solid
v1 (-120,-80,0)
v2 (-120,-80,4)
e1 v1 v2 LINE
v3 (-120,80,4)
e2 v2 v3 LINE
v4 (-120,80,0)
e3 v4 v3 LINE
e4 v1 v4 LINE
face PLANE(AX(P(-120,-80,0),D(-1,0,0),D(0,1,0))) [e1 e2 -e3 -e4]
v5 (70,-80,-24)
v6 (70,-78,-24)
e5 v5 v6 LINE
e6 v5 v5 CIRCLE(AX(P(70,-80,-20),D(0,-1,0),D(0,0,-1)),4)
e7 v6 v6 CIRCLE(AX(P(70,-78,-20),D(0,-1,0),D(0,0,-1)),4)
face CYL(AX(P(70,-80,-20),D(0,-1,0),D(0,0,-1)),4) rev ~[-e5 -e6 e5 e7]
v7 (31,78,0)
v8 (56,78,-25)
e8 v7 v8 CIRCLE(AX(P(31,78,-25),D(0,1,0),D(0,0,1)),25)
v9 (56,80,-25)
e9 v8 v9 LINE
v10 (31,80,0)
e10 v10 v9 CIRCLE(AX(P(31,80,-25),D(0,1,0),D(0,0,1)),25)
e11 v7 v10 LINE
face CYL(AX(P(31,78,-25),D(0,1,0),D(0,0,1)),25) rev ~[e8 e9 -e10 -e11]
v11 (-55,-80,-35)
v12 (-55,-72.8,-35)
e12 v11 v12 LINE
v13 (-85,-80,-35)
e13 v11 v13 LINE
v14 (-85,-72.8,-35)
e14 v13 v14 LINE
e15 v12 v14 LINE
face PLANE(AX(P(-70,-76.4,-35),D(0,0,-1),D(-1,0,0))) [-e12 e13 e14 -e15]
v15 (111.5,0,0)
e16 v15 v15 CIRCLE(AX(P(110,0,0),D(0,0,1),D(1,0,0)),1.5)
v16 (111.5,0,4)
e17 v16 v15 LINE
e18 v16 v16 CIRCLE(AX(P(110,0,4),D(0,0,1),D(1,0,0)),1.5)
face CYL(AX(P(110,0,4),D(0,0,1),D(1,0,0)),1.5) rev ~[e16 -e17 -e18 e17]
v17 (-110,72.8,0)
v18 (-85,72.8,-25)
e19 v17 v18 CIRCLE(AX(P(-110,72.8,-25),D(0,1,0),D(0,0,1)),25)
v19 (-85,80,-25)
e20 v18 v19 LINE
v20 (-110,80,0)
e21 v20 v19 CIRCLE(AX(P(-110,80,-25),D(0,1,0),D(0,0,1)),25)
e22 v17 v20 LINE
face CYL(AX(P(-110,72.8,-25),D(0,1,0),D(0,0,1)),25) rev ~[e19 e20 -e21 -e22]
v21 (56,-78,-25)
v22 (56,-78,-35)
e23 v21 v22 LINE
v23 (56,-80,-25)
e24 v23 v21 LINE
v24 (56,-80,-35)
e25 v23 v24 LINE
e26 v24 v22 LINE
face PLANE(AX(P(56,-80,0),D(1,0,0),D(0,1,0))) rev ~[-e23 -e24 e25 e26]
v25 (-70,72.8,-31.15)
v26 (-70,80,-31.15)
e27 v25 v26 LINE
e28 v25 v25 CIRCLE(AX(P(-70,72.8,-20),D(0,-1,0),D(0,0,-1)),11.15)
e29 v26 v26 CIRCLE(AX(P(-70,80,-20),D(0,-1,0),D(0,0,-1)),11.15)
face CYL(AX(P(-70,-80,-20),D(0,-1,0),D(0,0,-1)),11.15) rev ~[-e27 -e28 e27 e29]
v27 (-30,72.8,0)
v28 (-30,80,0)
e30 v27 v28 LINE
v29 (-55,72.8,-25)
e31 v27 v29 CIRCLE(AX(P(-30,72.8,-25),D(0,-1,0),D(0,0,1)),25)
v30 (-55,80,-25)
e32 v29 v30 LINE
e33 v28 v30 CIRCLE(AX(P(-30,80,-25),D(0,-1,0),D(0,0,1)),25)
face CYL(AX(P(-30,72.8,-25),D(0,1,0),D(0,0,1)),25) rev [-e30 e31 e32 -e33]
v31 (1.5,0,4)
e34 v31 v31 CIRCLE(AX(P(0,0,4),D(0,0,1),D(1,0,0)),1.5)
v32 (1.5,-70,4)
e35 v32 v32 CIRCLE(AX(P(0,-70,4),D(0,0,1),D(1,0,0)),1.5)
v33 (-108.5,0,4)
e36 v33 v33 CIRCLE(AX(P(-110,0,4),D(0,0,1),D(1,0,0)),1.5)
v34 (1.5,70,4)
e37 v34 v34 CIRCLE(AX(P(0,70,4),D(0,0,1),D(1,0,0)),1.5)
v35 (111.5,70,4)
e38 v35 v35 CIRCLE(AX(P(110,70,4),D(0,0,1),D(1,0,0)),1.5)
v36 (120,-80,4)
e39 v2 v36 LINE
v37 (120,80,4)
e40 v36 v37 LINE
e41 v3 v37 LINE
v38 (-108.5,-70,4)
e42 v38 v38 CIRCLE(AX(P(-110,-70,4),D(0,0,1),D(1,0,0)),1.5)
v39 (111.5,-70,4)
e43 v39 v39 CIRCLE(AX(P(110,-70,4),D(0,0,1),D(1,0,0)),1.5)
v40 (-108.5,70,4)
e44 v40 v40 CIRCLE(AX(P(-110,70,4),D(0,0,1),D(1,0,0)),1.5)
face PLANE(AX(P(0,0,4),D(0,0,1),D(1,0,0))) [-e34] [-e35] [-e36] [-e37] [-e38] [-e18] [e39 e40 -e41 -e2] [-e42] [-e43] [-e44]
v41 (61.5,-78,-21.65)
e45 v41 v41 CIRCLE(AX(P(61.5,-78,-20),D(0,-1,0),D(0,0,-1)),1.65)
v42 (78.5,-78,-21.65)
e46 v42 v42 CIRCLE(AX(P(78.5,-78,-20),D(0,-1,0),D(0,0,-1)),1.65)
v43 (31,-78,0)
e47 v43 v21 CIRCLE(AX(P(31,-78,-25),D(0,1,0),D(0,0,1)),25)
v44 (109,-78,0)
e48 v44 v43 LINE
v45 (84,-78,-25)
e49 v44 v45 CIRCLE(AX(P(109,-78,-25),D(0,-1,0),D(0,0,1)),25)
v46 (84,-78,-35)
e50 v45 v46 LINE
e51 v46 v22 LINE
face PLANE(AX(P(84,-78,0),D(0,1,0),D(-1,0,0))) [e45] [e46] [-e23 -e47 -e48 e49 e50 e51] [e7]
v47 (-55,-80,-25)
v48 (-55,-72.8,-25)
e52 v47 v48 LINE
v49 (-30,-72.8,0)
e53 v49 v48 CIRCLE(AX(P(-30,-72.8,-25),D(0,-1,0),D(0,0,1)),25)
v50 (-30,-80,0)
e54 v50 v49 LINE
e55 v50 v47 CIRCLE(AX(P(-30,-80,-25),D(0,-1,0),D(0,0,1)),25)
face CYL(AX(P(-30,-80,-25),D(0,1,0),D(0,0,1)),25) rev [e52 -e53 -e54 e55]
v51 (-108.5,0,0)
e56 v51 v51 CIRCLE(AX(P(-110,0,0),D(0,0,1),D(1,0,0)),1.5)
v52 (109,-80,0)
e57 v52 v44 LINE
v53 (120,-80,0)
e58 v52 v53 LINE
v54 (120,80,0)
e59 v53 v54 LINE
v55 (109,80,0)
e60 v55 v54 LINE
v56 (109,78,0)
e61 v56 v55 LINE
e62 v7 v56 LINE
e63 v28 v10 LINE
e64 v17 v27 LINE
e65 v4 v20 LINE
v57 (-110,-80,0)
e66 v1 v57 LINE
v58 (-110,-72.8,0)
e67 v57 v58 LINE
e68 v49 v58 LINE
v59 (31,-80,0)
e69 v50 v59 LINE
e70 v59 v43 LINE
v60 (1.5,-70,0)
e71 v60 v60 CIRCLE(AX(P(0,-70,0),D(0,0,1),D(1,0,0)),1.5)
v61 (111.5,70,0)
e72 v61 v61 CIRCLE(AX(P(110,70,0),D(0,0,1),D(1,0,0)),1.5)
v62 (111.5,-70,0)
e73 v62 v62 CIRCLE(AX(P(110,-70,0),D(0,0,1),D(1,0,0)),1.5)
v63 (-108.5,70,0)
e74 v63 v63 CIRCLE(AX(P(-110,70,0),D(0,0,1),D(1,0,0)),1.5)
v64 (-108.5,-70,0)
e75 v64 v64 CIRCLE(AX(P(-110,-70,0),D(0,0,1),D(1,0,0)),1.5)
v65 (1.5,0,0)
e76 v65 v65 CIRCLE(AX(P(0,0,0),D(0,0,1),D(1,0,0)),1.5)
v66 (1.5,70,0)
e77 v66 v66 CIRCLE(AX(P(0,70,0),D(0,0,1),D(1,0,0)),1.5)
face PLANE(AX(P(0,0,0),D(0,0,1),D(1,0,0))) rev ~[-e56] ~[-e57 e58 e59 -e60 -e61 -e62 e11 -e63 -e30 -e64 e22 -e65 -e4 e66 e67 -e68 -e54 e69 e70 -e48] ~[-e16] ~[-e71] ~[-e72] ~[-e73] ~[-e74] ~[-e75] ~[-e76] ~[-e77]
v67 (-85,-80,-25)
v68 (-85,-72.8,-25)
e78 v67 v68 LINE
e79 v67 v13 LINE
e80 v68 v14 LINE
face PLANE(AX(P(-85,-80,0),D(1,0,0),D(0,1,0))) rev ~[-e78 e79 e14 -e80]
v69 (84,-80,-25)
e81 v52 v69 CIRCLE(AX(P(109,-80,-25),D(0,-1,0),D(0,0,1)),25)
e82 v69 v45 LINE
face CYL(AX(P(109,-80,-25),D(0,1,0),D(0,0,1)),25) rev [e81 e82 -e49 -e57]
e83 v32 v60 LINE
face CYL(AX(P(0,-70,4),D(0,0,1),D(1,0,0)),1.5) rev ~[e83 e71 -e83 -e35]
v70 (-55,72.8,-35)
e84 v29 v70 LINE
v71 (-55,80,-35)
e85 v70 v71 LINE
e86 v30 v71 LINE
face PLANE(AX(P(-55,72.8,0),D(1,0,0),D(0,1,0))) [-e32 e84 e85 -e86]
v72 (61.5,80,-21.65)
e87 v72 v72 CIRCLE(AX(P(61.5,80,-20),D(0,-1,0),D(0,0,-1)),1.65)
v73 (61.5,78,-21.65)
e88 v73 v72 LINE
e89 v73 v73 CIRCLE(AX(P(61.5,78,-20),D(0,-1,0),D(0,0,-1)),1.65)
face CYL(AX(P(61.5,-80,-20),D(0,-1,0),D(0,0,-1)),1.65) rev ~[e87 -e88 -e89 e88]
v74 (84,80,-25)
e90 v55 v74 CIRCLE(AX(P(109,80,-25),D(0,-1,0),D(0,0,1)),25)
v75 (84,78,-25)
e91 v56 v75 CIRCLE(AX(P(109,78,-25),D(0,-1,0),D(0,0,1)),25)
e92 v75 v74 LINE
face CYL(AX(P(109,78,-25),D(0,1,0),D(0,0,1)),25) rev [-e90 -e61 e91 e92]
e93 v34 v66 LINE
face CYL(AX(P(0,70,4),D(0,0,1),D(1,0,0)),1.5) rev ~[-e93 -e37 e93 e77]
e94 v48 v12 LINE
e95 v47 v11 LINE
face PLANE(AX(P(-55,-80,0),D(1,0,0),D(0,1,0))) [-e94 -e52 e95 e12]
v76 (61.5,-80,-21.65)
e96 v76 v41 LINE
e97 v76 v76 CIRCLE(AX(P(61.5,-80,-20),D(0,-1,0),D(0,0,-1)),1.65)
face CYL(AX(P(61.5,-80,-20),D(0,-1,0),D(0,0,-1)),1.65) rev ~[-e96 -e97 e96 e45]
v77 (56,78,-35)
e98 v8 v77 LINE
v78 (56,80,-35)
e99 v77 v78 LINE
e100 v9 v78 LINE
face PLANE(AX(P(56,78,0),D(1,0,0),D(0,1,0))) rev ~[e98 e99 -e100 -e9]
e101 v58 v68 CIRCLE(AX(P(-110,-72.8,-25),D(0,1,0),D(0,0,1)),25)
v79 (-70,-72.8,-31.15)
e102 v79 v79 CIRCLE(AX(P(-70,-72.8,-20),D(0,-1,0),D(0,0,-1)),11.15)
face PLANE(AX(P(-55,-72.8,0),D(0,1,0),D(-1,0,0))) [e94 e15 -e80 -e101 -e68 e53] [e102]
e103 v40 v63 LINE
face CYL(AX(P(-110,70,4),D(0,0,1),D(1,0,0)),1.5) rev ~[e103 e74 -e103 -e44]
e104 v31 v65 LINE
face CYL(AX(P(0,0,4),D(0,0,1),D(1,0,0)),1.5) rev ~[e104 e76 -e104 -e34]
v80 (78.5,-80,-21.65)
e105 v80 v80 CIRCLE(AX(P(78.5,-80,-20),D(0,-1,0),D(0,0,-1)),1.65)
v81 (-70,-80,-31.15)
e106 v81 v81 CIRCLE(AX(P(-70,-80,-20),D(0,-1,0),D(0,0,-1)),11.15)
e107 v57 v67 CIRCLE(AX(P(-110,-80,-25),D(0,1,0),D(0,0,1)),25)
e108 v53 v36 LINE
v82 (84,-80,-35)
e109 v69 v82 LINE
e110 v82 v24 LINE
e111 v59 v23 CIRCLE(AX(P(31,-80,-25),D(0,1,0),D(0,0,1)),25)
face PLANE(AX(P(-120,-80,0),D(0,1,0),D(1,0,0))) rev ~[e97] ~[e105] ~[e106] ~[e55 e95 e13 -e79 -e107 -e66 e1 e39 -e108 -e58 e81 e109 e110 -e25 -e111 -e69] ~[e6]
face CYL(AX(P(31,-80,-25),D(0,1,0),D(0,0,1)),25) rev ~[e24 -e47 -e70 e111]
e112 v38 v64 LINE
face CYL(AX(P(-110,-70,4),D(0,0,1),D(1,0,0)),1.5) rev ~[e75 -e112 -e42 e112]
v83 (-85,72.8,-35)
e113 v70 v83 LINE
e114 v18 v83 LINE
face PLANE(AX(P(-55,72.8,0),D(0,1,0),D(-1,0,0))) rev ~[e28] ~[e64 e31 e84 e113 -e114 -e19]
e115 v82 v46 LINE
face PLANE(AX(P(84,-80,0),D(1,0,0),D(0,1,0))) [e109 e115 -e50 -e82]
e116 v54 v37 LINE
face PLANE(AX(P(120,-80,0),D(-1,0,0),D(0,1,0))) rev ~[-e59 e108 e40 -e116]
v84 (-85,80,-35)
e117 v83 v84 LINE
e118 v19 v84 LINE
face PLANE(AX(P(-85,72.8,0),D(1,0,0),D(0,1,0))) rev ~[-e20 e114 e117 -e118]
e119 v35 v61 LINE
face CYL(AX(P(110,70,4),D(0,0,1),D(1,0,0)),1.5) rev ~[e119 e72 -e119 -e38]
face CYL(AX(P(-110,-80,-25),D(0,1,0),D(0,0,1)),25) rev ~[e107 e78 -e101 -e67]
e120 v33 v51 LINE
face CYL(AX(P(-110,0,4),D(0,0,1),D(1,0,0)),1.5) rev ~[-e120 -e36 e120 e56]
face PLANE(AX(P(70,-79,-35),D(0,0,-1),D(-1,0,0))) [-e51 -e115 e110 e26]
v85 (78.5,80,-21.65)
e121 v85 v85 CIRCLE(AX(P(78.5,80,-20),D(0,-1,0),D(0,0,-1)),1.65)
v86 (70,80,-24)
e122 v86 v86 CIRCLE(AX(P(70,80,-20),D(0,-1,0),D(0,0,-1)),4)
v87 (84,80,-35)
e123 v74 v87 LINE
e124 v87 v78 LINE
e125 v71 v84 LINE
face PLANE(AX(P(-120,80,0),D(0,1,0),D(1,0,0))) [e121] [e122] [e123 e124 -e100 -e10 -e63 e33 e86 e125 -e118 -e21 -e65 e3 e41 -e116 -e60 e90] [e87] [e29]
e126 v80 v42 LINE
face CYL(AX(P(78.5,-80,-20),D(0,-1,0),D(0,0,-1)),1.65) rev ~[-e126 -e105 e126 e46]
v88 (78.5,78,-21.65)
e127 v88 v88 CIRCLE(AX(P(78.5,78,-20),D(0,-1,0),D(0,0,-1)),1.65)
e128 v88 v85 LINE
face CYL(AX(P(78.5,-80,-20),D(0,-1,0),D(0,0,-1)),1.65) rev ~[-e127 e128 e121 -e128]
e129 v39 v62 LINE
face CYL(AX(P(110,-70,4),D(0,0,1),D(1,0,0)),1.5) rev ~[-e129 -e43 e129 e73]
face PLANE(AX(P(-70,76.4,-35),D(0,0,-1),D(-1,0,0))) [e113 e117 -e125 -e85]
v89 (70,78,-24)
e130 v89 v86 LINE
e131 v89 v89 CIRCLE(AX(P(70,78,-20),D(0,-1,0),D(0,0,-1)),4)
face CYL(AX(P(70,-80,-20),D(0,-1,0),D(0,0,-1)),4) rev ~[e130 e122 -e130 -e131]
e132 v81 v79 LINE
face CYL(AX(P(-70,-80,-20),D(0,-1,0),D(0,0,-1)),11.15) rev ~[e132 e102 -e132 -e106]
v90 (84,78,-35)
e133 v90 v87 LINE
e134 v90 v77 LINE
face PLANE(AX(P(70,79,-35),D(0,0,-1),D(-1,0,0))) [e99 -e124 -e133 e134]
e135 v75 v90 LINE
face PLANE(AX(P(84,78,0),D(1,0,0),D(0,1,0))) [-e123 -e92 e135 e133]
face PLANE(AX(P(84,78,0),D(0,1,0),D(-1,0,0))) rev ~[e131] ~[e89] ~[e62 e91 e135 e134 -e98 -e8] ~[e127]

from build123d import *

# Parameters (mm, degrees)
SKETCH1_W           = 240
SKETCH1_H           = 160
BOSS_EXTRUDE1_DEPTH = 4
SKETCH2_W           = 28
SKETCH2_H           = 2
SKETCH2_W_2         = 30
SKETCH2_H_2         = 7.2
BOSS_EXTRUDE3_DEPTH = 35
SKETCH3_R           = 1.65
SKETCH3_R_2         = 4
SKETCH3_R_3         = 11.15
CUT_EXTRUDE1_DEPTH  = 170
SKETCH5_R           = 1.5
CUT_EXTRUDE2_DEPTH  = 4
FILLET1_R           = 25


with BuildPart() as part:
    # Sketch1 → Boss-Extrude1 (new body)
    with BuildSketch(Plane.XY):
        Rectangle(SKETCH1_W, SKETCH1_H)
    extrude(amount=BOSS_EXTRUDE1_DEPTH)

    # Sketch2 → Boss-Extrude3 (add)
    with BuildSketch(Plane(origin=(0, 0, 0), x_dir=(-1, 0, 0), z_dir=(0, 0, -1))):
        with Locations((-70, 79)):
            Rectangle(SKETCH2_W, SKETCH2_H)
        with Locations((-70, -79)):
            Rectangle(SKETCH2_W, SKETCH2_H)
        with Locations((70, -76.4)):
            Rectangle(SKETCH2_W_2, SKETCH2_H_2)
        with Locations((70, 76.4)):
            Rectangle(SKETCH2_W_2, SKETCH2_H_2)
    extrude(amount=BOSS_EXTRUDE3_DEPTH)

    # Sketch3 → Cut-Extrude1 (cut)
    with BuildSketch(Plane.XZ.offset(80)):
        with Locations((78.5, -20)):
            Circle(SKETCH3_R)
        with Locations((61.5, -20)):
            Circle(SKETCH3_R)
        with Locations((70, -20)):
            Circle(SKETCH3_R_2)
        with Locations((-70, -20)):
            Circle(SKETCH3_R_3)
    extrude(amount=-CUT_EXTRUDE1_DEPTH, mode=Mode.SUBTRACT)

    # Sketch5 → Cut-Extrude2 (cut)
    with BuildSketch(Plane.XY.offset(4)):
        with Locations((-110, 70)):
            Circle(SKETCH5_R)
        with Locations((0, 70)):
            Circle(SKETCH5_R)
        with Locations((110, 70)):
            Circle(SKETCH5_R)
        Circle(SKETCH5_R)
        with Locations((110, 0)):
            Circle(SKETCH5_R)
        with Locations((0, -70)):
            Circle(SKETCH5_R)
        with Locations((110, -70)):
            Circle(SKETCH5_R)
        with Locations((-110, 0)):
            Circle(SKETCH5_R)
        with Locations((-110, -70)):
            Circle(SKETCH5_R)
    extrude(amount=-CUT_EXTRUDE2_DEPTH, mode=Mode.SUBTRACT)

    # Fillet1
    fillet1_edges = [part.edges().sort_by_distance(p)[0] for p in [
        (-85, 76.4, 0),
        (56, 79, 0),
        (-55, 76.4, 0),
        (84, 79, 0),
        (-55, -76.4, 0),
        (-85, -76.4, 0),
        (56, -79, 0),
        (84, -79, 0),
    ]]
    fillet(fillet1_edges, radius=FILLET1_R)


solid = part.part
